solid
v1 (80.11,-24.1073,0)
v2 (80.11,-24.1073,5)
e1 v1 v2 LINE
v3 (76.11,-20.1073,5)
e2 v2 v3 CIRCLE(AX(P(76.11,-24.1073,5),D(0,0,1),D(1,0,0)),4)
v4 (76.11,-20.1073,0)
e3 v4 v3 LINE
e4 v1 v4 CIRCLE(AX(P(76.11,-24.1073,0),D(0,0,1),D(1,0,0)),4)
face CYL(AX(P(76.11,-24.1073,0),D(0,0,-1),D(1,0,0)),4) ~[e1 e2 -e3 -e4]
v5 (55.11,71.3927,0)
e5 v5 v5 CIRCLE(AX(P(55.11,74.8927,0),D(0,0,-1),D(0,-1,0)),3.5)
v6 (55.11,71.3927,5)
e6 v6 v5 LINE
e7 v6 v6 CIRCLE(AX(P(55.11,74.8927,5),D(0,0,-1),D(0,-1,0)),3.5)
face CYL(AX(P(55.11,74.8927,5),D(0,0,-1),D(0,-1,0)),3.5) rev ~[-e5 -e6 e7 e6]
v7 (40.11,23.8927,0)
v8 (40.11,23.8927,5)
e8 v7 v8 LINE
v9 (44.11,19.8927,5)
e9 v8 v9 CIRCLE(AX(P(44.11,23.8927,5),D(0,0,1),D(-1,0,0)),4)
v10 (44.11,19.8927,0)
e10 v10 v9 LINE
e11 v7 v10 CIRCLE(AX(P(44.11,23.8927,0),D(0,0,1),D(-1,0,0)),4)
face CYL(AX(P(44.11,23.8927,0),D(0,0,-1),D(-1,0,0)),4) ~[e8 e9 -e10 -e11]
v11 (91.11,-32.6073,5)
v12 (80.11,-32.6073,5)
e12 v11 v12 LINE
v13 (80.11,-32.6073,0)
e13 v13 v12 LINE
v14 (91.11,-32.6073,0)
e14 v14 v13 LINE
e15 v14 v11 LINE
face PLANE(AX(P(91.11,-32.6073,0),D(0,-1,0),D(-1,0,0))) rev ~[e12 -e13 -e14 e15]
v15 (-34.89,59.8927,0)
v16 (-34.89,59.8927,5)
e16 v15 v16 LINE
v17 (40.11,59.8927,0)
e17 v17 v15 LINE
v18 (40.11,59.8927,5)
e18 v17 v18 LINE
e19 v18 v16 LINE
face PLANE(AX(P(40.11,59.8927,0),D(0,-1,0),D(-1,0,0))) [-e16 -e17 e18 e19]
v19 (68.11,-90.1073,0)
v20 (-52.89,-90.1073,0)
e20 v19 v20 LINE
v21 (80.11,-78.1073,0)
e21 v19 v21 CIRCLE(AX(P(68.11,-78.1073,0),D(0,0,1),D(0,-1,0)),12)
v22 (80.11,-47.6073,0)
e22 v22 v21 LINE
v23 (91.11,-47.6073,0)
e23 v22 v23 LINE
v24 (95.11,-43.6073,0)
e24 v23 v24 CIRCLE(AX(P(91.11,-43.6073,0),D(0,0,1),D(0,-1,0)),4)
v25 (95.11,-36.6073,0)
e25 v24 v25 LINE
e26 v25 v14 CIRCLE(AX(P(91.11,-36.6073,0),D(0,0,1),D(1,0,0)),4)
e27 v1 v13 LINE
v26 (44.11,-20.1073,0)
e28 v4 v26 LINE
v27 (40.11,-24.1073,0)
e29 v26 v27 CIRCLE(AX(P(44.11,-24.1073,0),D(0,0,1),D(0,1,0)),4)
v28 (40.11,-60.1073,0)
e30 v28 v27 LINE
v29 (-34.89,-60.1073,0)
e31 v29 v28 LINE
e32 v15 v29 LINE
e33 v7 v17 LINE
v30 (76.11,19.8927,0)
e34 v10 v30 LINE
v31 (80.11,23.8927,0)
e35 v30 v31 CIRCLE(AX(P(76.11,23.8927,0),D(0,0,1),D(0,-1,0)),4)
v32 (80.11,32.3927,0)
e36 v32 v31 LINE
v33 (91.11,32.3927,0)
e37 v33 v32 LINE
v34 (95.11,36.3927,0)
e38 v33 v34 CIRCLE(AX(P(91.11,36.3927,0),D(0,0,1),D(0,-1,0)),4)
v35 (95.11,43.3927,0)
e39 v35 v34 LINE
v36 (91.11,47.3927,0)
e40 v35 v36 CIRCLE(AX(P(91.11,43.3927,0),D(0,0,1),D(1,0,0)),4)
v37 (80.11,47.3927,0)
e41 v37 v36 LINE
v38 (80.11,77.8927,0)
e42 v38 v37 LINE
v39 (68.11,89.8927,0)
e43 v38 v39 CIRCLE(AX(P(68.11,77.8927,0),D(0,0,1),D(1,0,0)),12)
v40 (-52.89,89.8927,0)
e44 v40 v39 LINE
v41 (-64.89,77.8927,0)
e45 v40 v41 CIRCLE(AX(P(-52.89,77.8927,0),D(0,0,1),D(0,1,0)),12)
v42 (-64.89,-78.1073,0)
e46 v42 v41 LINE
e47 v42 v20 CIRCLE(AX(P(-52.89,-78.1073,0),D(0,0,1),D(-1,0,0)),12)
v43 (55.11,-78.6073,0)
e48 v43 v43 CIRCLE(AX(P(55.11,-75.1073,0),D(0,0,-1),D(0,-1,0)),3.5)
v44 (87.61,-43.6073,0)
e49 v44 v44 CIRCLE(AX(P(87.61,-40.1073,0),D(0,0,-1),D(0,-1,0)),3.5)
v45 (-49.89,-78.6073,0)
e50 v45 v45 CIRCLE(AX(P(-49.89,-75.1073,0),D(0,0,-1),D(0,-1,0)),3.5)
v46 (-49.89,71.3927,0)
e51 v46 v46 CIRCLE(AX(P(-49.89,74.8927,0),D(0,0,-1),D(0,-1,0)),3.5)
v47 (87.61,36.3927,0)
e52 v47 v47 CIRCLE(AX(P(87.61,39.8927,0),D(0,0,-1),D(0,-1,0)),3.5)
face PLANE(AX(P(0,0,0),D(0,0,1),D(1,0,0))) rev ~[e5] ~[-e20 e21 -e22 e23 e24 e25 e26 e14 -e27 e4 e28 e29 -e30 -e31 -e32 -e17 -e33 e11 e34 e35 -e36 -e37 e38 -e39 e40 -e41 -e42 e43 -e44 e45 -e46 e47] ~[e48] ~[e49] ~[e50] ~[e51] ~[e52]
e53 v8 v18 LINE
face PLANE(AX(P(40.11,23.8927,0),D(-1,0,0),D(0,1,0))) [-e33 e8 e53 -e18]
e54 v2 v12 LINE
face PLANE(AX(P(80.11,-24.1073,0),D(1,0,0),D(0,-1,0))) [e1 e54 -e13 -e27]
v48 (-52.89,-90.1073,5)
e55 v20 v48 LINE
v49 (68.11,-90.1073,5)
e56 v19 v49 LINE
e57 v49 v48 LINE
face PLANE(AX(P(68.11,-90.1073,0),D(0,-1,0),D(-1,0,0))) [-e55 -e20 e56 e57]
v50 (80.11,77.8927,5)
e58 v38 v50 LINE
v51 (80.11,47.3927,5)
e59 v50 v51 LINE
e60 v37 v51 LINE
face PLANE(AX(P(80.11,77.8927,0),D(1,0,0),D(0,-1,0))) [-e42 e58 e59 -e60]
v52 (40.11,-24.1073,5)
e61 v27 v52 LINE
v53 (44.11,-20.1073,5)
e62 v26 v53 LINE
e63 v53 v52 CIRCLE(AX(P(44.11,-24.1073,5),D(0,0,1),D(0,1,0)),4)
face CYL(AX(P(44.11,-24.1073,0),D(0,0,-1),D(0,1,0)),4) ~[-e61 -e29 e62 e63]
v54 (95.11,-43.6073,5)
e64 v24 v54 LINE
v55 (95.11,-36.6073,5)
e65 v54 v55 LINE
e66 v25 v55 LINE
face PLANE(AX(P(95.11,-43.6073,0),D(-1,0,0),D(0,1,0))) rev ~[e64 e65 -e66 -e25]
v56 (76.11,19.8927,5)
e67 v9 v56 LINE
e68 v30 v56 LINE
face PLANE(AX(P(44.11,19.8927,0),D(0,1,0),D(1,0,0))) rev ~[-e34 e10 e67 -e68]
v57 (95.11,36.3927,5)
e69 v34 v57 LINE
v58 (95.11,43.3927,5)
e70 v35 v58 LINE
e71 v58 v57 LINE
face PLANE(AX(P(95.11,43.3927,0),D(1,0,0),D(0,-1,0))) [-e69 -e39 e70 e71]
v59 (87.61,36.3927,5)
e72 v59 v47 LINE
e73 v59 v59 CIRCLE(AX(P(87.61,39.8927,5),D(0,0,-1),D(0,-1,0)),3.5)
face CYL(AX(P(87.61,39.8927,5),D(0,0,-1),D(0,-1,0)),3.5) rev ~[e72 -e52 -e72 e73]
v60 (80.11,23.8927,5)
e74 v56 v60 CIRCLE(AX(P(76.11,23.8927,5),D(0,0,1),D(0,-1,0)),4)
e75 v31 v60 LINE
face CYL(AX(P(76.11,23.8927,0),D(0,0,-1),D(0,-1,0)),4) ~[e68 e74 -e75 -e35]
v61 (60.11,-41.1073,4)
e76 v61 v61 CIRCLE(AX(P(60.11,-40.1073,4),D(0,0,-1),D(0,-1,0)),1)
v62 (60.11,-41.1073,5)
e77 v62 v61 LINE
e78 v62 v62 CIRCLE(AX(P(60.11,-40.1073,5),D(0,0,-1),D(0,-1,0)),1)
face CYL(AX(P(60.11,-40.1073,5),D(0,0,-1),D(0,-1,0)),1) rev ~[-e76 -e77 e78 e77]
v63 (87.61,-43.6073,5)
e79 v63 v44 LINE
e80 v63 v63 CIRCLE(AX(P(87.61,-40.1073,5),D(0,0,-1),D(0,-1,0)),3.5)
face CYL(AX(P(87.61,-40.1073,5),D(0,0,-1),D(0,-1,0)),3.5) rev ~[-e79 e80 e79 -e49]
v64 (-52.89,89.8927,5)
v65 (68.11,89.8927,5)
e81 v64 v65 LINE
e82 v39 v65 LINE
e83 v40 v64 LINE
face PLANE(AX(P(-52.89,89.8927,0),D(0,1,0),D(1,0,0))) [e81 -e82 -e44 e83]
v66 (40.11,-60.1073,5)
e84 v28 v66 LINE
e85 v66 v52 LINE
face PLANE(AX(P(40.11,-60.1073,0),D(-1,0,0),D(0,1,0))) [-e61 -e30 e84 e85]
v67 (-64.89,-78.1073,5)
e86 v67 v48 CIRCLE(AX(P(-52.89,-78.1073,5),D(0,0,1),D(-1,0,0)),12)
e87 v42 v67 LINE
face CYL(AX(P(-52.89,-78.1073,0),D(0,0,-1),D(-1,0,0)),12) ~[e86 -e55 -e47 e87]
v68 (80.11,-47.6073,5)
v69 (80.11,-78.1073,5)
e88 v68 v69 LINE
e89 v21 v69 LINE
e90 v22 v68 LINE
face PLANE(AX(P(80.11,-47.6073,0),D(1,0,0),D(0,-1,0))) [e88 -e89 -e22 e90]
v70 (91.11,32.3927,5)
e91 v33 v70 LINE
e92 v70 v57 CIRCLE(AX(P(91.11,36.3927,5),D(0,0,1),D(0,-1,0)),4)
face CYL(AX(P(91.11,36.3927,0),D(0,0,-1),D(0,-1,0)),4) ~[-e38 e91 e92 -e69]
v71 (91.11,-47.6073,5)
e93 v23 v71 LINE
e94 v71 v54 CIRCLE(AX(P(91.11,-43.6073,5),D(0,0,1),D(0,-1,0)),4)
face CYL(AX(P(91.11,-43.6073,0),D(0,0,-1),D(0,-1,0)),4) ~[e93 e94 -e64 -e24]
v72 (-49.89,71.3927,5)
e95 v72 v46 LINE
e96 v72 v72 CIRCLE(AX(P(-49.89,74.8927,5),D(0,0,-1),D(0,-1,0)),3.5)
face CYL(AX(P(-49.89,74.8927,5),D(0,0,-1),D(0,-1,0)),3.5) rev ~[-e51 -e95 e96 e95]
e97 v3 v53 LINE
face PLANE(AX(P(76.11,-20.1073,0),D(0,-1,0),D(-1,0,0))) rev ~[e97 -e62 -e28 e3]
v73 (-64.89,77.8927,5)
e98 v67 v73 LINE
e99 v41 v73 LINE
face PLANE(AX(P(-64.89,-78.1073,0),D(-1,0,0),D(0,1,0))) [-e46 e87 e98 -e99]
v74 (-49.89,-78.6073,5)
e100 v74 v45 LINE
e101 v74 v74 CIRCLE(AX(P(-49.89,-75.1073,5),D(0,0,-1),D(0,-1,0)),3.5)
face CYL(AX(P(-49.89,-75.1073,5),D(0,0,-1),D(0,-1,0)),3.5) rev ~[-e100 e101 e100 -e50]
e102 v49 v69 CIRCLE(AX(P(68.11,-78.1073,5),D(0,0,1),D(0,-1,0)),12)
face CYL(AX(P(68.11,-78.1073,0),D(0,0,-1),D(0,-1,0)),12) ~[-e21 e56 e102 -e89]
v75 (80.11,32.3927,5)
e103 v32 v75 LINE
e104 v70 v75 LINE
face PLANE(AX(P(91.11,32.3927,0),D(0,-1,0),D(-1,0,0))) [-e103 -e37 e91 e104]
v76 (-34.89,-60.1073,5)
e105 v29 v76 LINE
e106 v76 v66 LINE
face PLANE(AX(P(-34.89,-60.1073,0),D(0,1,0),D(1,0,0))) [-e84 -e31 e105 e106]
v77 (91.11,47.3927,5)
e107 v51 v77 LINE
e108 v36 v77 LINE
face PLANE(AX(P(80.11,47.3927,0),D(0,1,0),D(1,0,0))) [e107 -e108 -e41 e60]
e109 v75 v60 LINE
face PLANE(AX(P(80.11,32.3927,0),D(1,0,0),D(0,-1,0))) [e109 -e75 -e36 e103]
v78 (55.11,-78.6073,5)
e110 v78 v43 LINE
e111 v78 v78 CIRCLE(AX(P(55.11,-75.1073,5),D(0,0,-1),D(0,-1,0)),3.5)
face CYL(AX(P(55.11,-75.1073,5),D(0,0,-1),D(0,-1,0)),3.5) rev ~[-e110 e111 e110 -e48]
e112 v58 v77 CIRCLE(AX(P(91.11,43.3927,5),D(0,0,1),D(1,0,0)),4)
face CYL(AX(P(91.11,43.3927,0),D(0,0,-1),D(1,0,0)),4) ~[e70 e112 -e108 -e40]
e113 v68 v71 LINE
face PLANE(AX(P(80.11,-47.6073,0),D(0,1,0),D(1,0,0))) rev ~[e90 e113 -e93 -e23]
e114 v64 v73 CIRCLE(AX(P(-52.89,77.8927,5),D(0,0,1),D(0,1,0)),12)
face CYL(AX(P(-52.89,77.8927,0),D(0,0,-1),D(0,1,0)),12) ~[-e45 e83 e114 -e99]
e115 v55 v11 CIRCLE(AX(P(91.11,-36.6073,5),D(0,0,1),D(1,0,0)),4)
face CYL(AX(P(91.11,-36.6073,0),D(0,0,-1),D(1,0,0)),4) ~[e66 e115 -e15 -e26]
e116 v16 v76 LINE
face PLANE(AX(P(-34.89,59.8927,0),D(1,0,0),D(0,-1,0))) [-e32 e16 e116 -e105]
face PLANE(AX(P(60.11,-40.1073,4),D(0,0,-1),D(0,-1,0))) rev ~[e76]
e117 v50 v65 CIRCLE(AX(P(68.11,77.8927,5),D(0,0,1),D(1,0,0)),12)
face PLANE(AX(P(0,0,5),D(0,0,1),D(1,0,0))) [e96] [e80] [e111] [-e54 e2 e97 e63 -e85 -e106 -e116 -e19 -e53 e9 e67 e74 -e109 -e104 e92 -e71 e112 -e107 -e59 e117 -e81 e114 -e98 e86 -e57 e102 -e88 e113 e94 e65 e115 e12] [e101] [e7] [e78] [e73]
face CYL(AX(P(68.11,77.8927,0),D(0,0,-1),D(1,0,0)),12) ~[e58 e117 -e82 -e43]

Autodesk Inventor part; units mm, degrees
ref_plane "YZ Plane" through (0, 0, 0) normal (1, 0, 0) x (0, 1, 0)
ref_plane "XZ Plane" through (0, 0, 0) normal (0, 1, 0) x (-1, 0, 0)
ref_plane "XY Plane" through (0, 0, 0) normal (0, 0, 1) x (1, 0, 0)
sketch "Sketch1" plane through (0, 0, 0) normal (0, 0, 1) x (1, 0, 0)
  line L0 (40.11, 59.8927) -> (-34.89, 59.8927)
  line L1 (-34.89, 59.8927) -> (-34.89, -60.1073)
  line L2 (-34.89, -60.1073) -> (40.11, -60.1073)
  line L3 (-52.89, 89.8927) -> (68.11, 89.8927)
  line L4 (68.11, -90.1073) -> (-52.89, -90.1073)
  line L5 (-64.89, -78.1073) -> (-64.89, 77.8927)
  line L6 (80.11, 47.3927) -> (91.11, 47.3927)
  line L7 (95.11, 43.3927) -> (95.11, 36.3927)
  line L8 (91.11, 32.3927) -> (80.11, 32.3927)
  line L9 (115.11, -0.1073) -> (-34.89, -0.1073) construction
  line L10 (80.11, -47.6073) -> (91.11, -47.6073)
  line L11 (95.11, -43.6073) -> (95.11, -36.6073)
  line L12 (91.11, -32.6073) -> (80.11, -32.6073)
  line L13 (80.11, 77.8927) -> (80.11, 47.3927)
  line L14 (80.11, -47.6073) -> (80.11, -78.1073)
  arc A0 (95.11, 43.3927) -> (91.11, 47.3927) centre (91.11, 43.3927) ccw
  arc A1 (91.11, 32.3927) -> (95.11, 36.3927) centre (91.11, 36.3927) ccw
  arc A2 (95.11, -36.6073) -> (91.11, -32.6073) centre (91.11, -36.6073) ccw
  arc A3 (91.11, -47.6073) -> (95.11, -43.6073) centre (91.11, -43.6073) ccw
  arc A4 (80.11, 77.8927) -> (68.11, 89.8927) centre (68.11, 77.8927) ccw
  arc A5 (68.11, -90.1073) -> (80.11, -78.1073) centre (68.11, -78.1073) ccw
  arc A6 (-64.89, -78.1073) -> (-52.89, -90.1073) centre (-52.89, -78.1073) ccw
  arc A7 (-52.89, 89.8927) -> (-64.89, 77.8927) centre (-52.89, 77.8927) ccw
  line L15 (44.11, 19.8927) -> (76.11, 19.8927)
  line L16 (76.11, -20.1073) -> (44.11, -20.1073)
  line L17 (80.11, 32.3927) -> (80.11, 23.8927)
  line L18 (80.11, -24.1073) -> (80.11, -32.6073)
  line L19 (40.11, -60.1073) -> (40.11, -24.1073)
  line L20 (40.11, 23.8927) -> (40.11, 59.8927)
  arc A8 (76.11, 19.8927) -> (80.11, 23.8927) centre (76.11, 23.8927) ccw
  arc A9 (40.11, 23.8927) -> (44.11, 19.8927) centre (44.11, 23.8927) ccw
  arc A10 (44.11, -20.1073) -> (40.11, -24.1073) centre (44.11, -24.1073) ccw
  arc A11 (80.11, -24.1073) -> (76.11, -20.1073) centre (76.11, -24.1073) ccw
  line L21 (211.9676, -294.2124) -> (139.9676, -294.2124)
  line L22 (135.9676, -414.2124) -> (215.9676, -414.2124)
  line L23 (139.9676, -334.2124) -> (211.9676, -334.2124)
  line L24 (215.9676, -374.2124) -> (135.9676, -374.2124)
  line L25 (215.9676, -414.2124) -> (215.9676, -374.2124)
  line L26 (135.9676, -298.2124) -> (135.9676, -330.2124)
  line L27 (135.9676, -374.2124) -> (135.9676, -414.2124)
  line L28 (226.9676, -306.7124) -> (215.9676, -306.7124)
  line L29 (215.9676, -321.7124) -> (226.9676, -321.7124)
  line L30 (230.9676, -317.7124) -> (230.9676, -310.7124)
  line L31 (215.9676, -330.2124) -> (215.9676, -321.7124)
  line L32 (215.9676, -306.7124) -> (215.9676, -298.2124)
  arc A12 (230.9676, -310.7124) -> (226.9676, -306.7124) centre (226.9676, -310.7124) ccw
  arc A13 (226.9676, -321.7124) -> (230.9676, -317.7124) centre (226.9676, -317.7124) ccw
  arc A14 (211.9676, -334.2124) -> (215.9676, -330.2124) centre (211.9676, -330.2124) ccw
  arc A15 (135.9676, -330.2124) -> (139.9676, -334.2124) centre (139.9676, -330.2124) ccw
  arc A16 (139.9676, -294.2124) -> (135.9676, -298.2124) centre (139.9676, -298.2124) ccw
  arc A17 (215.9676, -298.2124) -> (211.9676, -294.2124) centre (211.9676, -298.2124) ccw
  point P0 (95.11, 32.3927)
  point P1 (95.11, 47.3927)
  point P2 (87.61, 39.8927)
  point P3 (87.61, -40.1073)
  point P4 (95.11, -32.6073)
  point P5 (95.11, -47.6073)
  point P6 (87.61, -40.1073)
  point P7 (135.9676, -294.2124)
  point P8 (135.9676, -334.2124)
  point P9 (230.9676, -306.7124)
  dimension "d22" = 75
  dimension "d23" = 120
  dimension "d24" = 30
  dimension "d25" = 15
  dimension "d26" = 15
  dimension "d27" = 80
  dimension "d28" = 4
  dimension "d29" = 4
  dimension "d30" = 12
  dimension "d31" = 40
  dimension "d32" = 4
  dimension "d33" = 7.5
  dimension "d34" = 7.5
  dimension "d52" = 80
  dimension "d53" = 120
  dimension "d54" = 40
  dimension "d55" = 40
  dimension "d56" = 15
  dimension "d58" = 15
  dimension "d59" = 12.5
  dimension "d60" = 12.5
  dimension "d61" = 4
  dimension "d62" = 40
  dimension "d63" = 15
extrude "Extrusion1" add sketch "Sketch1" along normal blind 5 contours L0 L1 L2 L19 A10 L16 A11 L18 L12 A2 L11 A3 L10 L14 A5 L4 A6 L5 A7 L3 A4 L13 L6 A0 L7 A1 L8 L17 A8 L15 A9 L20
sketch "Sketch3" plane through (0, 0, 5) normal (0, 0, 1) x (1, 0, 0)
  line L0 (95.11, 36.3927) -> (95.11, 43.3927) projected
  line L1 (95.11, -43.6073) -> (95.11, -36.6073) projected
  line L2 (91.11, 47.3927) -> (80.11, 47.3927) projected
  point P0 (0, 0)
  point P1 (87.61, 39.8927)
  point P2 (87.61, -40.1073)
  dimension "d35" = 7.5
  dimension "d36" = 7.5
  dimension "d37" = 80
  dimension "d38" = 7.5
hole "Hole1" at (87.61, 39.8927, 5) at (87.61, -40.1073, 5) direction (0, 0, -1) diameter 7 end through all
sketch "Sketch4" plane through (0, 0, 5) normal (0, 0, 1) x (1, 0, 0)
  line L0 (-64.89, 77.8927) -> (-64.89, -78.1073) projected
  line L1 (-64.89, -0.1073) -> (63.4668, -0.1073) construction
  line L2 (-52.89, -90.1073) -> (68.11, -90.1073) projected
  line L3 (68.11, 89.8927) -> (-52.89, 89.8927) projected
  point P0 (0, 0)
  point P1 (-49.89, 74.8927)
  point P2 (-49.89, -75.1073)
  point P3 (55.11, -75.1073)
  point P4 (55.11, 74.8927)
  dimension "d64" = 15
  dimension "d65" = 15
  dimension "d66" = 105
  dimension "d74" = 15
hole "Hole2" at (-49.89, 74.8927, 5) at (-49.89, -75.1073, 5) at (55.11, -75.1073, 5) at (55.11, 74.8927, 5) direction (0, 0, -1) diameter 7 end through all
sketch "Sketch5" plane through (0, 0, 5) normal (0, 0, 1) x (1, 0, 0)
  line L0 (76.11, -20.1073) -> (44.11, -20.1073) projected
  line L1 (40.11, -24.1073) -> (40.11, -60.1073) projected
  point P0 (0, 0)
  point P1 (60.11, -40.1073)
  dimension "d75" = 20
  dimension "d76" = 20
hole "Hole3" at (60.11, -40.1073, 5) direction (0, 0, -1) diameter 2 depth 1
equation "\"d59\" = d60"
properties part number "MarcoBC" material "MDF Medium Density Fiberboard"
